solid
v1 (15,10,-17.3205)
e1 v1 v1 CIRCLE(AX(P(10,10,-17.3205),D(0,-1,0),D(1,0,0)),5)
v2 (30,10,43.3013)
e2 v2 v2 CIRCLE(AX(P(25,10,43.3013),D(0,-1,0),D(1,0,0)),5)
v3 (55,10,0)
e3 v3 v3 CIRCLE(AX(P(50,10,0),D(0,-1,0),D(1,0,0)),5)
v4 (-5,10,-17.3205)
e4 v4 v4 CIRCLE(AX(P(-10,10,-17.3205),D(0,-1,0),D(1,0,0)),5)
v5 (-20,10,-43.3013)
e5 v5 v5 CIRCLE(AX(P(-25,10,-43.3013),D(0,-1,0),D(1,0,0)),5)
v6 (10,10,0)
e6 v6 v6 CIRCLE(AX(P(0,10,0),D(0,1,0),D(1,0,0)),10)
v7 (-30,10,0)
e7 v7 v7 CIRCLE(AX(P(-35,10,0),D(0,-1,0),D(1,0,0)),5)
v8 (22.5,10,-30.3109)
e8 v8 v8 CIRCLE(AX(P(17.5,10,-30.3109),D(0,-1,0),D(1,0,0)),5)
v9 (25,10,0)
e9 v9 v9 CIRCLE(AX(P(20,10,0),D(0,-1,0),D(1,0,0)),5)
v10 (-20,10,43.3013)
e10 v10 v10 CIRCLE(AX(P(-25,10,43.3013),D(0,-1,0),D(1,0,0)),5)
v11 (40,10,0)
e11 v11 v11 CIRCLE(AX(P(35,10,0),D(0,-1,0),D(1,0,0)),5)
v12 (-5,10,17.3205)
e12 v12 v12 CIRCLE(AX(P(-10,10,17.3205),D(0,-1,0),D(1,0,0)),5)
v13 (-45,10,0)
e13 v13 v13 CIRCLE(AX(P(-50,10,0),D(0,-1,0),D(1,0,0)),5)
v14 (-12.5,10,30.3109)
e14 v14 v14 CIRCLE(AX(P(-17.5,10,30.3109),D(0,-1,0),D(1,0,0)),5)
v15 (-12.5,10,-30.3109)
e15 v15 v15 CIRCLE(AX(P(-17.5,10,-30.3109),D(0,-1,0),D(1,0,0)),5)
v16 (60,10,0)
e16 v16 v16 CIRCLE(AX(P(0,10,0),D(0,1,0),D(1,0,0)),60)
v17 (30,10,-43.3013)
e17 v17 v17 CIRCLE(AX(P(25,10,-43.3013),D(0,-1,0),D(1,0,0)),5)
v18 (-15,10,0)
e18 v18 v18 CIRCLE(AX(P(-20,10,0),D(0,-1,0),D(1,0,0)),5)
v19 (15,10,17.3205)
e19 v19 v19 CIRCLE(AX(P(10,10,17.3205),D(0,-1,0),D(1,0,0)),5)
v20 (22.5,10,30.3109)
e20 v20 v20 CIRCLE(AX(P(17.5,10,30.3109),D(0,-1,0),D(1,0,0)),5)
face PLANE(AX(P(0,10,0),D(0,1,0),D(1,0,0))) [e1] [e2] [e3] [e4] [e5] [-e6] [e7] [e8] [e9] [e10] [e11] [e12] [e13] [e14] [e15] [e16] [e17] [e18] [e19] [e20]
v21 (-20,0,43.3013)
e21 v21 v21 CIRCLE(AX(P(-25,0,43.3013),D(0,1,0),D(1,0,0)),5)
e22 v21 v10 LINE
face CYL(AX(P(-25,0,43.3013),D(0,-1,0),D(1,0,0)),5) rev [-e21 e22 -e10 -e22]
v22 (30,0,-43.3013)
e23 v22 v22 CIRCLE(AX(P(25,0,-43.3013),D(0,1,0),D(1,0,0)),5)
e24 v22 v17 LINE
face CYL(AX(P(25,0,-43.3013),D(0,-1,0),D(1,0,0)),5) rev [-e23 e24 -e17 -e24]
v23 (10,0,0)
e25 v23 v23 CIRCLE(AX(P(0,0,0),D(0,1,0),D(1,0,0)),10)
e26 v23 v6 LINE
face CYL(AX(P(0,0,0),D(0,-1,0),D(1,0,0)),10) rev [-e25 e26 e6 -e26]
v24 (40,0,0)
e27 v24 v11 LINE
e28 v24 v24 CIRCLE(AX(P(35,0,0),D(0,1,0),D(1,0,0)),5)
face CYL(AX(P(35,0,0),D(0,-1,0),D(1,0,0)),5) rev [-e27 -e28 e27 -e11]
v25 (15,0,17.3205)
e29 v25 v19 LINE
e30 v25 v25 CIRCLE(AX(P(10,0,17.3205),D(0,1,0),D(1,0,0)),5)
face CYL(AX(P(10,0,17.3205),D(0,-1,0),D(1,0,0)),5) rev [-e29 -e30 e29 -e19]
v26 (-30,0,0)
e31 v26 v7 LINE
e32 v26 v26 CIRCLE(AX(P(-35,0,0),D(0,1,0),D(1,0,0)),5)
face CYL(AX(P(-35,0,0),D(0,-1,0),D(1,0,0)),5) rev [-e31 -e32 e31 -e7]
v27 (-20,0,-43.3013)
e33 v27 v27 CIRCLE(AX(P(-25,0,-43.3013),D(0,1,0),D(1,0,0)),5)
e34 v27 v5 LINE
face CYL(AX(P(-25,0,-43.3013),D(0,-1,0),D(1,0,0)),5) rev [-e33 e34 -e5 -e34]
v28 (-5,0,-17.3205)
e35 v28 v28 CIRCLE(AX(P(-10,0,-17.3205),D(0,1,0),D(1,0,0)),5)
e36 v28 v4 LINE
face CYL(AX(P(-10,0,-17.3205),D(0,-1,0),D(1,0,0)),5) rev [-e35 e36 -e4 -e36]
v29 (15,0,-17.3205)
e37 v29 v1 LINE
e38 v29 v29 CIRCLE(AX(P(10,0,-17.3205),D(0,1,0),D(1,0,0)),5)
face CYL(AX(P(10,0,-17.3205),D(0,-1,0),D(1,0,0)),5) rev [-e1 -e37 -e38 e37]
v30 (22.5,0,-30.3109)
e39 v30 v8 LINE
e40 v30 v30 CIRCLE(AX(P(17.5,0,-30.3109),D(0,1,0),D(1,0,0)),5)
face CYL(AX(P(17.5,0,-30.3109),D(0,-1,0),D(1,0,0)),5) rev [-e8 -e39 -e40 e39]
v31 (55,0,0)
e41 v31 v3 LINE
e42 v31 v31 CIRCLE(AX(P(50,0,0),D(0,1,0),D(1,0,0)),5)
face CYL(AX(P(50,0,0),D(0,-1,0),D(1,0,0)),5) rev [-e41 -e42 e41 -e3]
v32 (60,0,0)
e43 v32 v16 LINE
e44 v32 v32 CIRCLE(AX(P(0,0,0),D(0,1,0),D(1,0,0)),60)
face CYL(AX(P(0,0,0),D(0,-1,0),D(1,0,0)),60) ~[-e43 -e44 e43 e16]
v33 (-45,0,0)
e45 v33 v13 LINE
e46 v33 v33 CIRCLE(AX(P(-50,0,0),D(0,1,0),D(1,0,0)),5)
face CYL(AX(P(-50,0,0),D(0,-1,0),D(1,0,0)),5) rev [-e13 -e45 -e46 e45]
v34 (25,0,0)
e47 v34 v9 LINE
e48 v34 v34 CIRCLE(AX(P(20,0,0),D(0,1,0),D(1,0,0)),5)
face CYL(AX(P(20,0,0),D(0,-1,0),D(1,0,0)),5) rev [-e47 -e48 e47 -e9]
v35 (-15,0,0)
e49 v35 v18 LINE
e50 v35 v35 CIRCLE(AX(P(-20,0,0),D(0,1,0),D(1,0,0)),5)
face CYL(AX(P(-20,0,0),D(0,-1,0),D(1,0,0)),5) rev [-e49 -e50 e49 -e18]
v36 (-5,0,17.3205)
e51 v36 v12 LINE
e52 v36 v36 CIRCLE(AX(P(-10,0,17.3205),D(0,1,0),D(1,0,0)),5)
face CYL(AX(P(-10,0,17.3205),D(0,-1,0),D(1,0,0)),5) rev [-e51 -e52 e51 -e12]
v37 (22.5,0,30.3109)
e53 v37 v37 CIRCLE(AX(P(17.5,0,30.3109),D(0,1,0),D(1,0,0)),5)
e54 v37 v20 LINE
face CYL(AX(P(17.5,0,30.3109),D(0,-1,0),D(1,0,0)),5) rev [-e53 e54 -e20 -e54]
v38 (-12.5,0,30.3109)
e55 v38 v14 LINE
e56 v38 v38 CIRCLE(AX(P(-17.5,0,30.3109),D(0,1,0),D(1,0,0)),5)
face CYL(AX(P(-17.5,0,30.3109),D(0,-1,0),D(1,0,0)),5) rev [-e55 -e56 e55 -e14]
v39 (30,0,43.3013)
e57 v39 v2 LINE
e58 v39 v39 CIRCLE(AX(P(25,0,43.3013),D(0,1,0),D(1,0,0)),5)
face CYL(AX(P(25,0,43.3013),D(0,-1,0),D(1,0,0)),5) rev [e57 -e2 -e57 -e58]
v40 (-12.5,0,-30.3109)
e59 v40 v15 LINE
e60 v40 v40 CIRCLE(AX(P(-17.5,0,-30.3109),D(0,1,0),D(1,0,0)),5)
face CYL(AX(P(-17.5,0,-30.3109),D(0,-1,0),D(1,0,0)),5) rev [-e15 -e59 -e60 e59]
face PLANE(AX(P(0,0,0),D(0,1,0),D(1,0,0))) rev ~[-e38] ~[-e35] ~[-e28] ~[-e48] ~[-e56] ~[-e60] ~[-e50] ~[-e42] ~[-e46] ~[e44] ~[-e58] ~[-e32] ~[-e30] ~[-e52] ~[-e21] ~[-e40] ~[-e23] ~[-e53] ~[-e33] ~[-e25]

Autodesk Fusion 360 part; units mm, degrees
sketch "Sketch1" plane through (0, 0, 0) normal (0, 1, 0) x (1, 0, 0)
  circle A0 centre (0, 0) radius 60
  circle A1 centre (0, 0) radius 10
  circle A2 centre (0, 0) radius 20
  circle A3 centre (0, 0) radius 35
  circle A4 centre (0, 0) radius 50
  circle A5 centre (20, 0) radius 5
  circle A6 centre (35, 0) radius 5
  circle A7 centre (50, 0) radius 5
  circle A8 centre (10, 17.3205) radius 5
  circle A9 centre (17.5, 30.3109) radius 5
  circle A10 centre (25, 43.3013) radius 5
  circle A11 centre (-10, 17.3205) radius 5
  circle A12 centre (-17.5, 30.3109) radius 5
  circle A13 centre (-25, 43.3013) radius 5
  circle A14 centre (-20, 0) radius 5
  circle A15 centre (-35, 0) radius 5
  circle A16 centre (-50, 0) radius 5
  circle A17 centre (-10, -17.3205) radius 5
  circle A18 centre (-17.5, -30.3109) radius 5
  circle A19 centre (-25, -43.3013) radius 5
  circle A20 centre (10, -17.3205) radius 5
  circle A21 centre (17.5, -30.3109) radius 5
  circle A22 centre (25, -43.3013) radius 5
  dimension "d1" = 120
  dimension "d2" = 20
  dimension "d3" = 40
  dimension "d4" = 70
  dimension "d5" = 100
  dimension "d7" = 10
  dimension "d8" = 10
  dimension "d9" = 10
  dimension "d12" = 360
extrude "Extrude1" add sketch "Sketch1" along normal blind 10 contours A0 | A2 A5 A8 A11 A14 A17 A20 | A3 A6 A9 A12 A15 A18 A21 | A4 A7 A10 A13 A16 A19 A22
